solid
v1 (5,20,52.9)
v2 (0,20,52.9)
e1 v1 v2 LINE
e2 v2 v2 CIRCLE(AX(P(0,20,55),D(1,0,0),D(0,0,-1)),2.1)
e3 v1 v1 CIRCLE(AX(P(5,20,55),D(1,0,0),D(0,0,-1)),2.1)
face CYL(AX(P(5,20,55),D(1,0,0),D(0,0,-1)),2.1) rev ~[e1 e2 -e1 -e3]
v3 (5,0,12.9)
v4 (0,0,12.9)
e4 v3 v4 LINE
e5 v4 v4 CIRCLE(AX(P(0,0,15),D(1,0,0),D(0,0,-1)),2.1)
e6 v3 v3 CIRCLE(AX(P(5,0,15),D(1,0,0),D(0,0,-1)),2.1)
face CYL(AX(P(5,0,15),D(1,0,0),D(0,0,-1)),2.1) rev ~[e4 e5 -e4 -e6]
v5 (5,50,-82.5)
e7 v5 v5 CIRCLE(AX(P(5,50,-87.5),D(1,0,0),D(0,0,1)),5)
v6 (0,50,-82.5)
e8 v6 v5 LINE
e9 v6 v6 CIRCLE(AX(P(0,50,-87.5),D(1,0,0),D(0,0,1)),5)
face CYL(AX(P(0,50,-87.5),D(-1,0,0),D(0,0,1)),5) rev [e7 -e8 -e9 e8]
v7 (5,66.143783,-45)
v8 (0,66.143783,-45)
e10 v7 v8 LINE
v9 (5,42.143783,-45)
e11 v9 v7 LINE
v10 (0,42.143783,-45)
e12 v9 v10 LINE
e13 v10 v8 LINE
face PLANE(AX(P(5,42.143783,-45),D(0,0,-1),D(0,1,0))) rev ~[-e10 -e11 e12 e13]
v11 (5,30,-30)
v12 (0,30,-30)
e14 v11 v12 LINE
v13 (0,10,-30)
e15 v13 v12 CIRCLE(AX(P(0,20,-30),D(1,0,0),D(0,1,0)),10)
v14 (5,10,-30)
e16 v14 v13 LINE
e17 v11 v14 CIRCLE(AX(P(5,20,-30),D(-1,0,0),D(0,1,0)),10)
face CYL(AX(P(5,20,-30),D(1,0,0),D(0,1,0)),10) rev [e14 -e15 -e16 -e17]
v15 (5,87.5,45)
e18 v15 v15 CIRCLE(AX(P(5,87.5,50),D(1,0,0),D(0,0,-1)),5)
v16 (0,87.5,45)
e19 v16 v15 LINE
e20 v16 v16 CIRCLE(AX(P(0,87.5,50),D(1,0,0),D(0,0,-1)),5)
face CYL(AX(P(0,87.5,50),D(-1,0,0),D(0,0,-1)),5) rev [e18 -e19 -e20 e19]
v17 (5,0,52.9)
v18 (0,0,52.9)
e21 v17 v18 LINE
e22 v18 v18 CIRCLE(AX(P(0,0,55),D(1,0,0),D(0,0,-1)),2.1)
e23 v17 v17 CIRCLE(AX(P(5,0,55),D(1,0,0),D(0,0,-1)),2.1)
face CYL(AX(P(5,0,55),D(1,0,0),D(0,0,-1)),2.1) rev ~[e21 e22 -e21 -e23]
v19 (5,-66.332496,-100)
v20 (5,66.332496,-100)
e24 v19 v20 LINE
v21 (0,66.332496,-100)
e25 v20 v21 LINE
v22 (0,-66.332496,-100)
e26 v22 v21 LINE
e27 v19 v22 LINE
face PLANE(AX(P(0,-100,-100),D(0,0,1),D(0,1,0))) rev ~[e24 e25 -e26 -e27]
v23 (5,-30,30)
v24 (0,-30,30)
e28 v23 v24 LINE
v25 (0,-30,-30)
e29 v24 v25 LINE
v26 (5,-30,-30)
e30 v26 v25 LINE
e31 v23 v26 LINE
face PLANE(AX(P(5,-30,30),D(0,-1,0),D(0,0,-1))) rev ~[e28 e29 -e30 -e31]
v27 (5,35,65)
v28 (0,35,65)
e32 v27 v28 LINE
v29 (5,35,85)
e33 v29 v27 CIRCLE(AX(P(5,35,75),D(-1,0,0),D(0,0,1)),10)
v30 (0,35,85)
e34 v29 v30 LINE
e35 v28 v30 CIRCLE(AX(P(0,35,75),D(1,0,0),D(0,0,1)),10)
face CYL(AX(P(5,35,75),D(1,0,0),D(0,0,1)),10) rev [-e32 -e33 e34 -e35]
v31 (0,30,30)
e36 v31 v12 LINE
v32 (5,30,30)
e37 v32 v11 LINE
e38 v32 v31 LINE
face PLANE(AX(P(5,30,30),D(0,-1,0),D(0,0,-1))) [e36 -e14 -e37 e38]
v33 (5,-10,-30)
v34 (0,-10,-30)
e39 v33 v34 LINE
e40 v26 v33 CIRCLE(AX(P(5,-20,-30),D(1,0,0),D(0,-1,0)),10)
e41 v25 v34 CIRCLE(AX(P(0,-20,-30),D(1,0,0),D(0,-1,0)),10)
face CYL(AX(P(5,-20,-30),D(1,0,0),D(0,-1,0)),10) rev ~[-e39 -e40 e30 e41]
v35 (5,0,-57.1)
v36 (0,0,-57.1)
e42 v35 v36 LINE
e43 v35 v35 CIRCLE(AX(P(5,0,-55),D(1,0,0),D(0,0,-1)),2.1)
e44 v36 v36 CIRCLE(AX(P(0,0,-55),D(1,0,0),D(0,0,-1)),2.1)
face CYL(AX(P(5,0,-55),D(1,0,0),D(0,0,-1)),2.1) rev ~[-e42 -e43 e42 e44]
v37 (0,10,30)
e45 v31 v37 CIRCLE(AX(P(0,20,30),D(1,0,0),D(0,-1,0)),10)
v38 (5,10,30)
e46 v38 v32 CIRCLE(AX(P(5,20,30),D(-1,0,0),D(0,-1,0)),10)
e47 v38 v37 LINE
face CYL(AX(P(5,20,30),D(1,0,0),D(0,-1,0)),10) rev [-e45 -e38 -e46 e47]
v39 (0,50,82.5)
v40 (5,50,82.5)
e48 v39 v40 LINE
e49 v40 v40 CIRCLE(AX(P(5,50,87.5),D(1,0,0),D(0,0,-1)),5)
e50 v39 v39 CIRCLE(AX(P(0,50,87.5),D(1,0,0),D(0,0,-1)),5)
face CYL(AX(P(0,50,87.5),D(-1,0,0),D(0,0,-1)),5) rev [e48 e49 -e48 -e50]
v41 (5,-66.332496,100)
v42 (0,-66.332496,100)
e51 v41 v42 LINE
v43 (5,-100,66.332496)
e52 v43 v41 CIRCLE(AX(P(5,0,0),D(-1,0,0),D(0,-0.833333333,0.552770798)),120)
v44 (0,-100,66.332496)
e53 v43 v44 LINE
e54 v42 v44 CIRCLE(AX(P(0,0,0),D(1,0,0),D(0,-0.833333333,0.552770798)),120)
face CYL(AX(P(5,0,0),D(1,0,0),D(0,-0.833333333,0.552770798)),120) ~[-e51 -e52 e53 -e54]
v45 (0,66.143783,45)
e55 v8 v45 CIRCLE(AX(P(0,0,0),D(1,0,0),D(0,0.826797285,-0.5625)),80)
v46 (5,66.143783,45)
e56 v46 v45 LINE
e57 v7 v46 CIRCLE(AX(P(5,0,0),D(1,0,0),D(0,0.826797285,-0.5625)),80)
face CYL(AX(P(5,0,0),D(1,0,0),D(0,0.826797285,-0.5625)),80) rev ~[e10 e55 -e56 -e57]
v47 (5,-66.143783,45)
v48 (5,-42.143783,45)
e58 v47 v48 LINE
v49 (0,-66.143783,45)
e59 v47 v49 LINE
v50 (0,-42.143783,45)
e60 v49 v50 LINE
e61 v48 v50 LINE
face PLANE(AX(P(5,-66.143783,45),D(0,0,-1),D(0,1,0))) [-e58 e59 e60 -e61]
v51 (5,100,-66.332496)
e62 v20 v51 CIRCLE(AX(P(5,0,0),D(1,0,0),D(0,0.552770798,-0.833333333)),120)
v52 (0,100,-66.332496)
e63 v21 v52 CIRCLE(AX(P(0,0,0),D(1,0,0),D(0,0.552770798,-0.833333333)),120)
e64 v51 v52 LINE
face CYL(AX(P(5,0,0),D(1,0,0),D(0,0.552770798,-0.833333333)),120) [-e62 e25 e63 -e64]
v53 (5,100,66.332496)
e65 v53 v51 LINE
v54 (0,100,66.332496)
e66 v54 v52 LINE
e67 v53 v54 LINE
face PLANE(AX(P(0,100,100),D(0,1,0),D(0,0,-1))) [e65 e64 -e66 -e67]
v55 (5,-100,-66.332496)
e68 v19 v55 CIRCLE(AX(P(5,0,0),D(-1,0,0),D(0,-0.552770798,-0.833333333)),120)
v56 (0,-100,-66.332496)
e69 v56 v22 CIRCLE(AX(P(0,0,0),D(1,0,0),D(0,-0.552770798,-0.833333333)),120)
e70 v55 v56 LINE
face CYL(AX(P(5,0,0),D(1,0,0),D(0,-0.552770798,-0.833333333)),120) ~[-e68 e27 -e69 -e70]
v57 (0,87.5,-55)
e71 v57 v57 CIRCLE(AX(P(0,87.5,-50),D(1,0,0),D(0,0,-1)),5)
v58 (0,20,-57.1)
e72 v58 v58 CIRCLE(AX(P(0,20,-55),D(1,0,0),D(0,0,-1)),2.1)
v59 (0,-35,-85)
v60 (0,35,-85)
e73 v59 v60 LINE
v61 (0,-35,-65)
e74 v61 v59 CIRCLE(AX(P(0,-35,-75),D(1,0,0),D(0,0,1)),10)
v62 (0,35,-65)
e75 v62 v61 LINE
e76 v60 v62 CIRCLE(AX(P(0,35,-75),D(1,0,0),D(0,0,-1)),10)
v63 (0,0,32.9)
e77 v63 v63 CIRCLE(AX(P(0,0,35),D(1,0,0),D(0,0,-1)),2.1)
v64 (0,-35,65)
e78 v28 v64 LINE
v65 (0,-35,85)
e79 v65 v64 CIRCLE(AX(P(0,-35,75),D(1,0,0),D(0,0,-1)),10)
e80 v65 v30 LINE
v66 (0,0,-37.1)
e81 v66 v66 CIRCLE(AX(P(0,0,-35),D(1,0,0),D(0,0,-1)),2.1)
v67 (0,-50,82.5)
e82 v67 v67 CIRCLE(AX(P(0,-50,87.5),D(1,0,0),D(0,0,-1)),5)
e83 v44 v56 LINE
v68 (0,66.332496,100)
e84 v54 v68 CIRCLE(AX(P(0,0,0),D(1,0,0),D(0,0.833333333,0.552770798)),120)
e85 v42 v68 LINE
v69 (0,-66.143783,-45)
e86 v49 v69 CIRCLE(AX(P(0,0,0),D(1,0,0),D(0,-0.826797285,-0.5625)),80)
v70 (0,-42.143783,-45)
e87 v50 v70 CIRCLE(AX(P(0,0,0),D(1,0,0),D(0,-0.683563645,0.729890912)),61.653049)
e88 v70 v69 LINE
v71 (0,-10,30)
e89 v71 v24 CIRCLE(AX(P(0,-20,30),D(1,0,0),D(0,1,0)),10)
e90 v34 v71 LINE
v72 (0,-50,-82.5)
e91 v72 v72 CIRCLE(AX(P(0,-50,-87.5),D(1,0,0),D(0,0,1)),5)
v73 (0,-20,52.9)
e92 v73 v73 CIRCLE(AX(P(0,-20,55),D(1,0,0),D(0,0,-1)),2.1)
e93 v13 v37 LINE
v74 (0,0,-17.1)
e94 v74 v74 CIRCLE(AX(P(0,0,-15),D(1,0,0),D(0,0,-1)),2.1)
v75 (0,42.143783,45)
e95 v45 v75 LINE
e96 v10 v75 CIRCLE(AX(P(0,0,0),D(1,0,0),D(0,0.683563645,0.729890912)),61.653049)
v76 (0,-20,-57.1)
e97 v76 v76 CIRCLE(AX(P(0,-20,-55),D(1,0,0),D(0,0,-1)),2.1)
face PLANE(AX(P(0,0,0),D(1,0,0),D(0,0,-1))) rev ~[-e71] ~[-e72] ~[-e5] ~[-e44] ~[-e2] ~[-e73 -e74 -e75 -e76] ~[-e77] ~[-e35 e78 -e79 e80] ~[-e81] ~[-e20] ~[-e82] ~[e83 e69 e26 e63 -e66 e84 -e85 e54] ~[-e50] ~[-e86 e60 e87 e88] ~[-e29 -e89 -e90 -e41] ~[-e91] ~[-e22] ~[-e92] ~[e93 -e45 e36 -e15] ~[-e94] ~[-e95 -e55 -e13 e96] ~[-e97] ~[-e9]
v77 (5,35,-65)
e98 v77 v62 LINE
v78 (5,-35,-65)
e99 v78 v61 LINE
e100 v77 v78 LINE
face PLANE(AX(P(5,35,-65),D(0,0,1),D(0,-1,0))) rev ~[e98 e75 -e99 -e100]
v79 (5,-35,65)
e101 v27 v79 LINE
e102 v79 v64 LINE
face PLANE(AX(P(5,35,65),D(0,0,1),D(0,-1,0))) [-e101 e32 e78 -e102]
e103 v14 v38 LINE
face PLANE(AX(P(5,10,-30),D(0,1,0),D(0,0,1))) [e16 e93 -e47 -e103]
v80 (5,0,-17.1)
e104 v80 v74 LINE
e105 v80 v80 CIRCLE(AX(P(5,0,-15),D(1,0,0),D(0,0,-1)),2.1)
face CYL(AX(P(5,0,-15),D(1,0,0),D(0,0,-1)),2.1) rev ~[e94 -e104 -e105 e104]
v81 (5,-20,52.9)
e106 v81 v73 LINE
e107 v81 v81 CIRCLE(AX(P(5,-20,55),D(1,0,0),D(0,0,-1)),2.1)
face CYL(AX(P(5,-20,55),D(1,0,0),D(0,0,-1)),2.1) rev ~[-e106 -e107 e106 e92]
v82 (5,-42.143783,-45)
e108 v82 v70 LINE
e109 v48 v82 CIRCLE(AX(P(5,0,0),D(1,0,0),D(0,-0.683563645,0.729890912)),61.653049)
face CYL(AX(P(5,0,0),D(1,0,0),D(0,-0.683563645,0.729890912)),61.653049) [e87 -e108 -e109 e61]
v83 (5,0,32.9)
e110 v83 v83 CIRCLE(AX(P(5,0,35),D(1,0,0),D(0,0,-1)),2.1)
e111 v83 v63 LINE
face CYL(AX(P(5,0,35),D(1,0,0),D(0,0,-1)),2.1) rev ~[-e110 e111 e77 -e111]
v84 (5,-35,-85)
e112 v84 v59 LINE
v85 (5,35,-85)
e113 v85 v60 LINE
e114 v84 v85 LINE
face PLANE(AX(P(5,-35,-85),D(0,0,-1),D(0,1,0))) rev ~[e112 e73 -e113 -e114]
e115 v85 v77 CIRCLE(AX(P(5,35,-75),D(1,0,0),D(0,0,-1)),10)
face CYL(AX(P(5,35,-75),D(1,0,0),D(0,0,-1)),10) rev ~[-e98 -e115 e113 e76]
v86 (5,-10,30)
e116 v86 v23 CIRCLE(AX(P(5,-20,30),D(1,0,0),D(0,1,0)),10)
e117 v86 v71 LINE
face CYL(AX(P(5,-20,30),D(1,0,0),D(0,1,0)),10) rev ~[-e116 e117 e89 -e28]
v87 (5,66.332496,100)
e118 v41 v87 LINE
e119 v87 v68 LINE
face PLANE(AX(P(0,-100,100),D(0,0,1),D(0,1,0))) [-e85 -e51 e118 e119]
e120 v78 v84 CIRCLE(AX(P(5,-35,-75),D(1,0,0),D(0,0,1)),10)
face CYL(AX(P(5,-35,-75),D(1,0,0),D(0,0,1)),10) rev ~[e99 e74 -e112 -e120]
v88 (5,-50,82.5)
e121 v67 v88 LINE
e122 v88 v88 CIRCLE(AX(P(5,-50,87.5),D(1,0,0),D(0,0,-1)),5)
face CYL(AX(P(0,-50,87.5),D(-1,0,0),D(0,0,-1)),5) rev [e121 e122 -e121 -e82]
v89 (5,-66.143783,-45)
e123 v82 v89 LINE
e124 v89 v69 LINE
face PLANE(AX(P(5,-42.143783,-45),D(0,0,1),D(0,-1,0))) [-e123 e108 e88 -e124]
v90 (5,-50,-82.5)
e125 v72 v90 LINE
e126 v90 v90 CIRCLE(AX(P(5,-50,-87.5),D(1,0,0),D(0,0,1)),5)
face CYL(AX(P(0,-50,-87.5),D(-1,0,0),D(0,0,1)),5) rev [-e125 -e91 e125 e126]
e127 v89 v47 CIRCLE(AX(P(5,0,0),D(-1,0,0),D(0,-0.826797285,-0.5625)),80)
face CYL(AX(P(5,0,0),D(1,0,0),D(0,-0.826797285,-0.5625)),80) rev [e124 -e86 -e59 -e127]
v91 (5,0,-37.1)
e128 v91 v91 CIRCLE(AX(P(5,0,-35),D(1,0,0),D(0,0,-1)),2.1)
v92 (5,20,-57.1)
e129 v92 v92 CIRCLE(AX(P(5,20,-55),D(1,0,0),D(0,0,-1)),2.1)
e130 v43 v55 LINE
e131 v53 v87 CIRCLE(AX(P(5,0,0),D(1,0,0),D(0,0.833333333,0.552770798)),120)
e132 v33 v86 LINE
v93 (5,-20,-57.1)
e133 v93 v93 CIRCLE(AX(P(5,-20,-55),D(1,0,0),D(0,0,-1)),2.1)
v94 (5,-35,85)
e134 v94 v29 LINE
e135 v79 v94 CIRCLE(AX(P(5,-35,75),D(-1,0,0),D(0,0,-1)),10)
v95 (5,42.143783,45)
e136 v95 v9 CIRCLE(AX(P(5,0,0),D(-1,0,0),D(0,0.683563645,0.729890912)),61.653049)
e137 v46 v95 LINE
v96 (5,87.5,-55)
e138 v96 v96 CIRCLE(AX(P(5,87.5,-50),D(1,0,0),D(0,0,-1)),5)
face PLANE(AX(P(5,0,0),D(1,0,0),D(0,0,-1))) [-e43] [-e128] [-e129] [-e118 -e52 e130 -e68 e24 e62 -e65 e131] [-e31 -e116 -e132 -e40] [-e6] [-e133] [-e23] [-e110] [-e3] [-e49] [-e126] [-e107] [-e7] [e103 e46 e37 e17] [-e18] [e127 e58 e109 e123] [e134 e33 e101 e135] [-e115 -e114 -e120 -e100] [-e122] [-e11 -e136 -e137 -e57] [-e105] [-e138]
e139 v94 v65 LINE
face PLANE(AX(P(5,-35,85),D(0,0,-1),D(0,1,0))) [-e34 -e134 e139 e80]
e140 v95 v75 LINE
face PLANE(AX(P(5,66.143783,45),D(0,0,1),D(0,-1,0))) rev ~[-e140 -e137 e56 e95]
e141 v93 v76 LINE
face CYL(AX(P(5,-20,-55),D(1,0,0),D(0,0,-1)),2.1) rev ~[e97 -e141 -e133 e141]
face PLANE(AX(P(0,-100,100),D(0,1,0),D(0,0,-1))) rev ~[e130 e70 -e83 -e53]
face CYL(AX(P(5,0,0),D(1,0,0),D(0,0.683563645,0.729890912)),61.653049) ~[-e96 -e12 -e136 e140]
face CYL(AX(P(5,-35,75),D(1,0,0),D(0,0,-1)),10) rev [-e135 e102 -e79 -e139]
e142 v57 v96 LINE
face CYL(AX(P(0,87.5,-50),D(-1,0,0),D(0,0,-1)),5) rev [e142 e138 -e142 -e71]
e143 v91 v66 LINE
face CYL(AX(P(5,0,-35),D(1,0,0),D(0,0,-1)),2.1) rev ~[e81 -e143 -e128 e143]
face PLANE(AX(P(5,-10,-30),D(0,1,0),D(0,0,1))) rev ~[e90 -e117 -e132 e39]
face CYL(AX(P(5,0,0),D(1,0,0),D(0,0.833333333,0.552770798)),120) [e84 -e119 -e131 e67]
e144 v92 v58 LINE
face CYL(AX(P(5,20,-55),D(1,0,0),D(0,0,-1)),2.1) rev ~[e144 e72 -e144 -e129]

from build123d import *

# Parameters (mm, degrees)
SKETCH_1_W          = 200
SKETCH_1_H          = 200
SKETCH_1_R          = 5
EXTRUDE_1_DEPTH     = 5
SKETCH_3_R          = 2.1
CUT_EXTRUDE_2_DEPTH = 142.509716981


with BuildPart() as part:
    # 草图1 → 凸台-拉伸1 (new body)
    with BuildSketch(Plane(origin=(0, 0, 0), x_dir=(0, 0, -1), z_dir=(1, 0, 0))):
        Rectangle(SKETCH_1_W, SKETCH_1_H)
        with Locations((-50, 87.5)):
            Circle(SKETCH_1_R, mode=Mode.SUBTRACT)
        with Locations((50, 87.5)):
            Circle(SKETCH_1_R, mode=Mode.SUBTRACT)
        with Locations((-87.5, 50)):
            Circle(SKETCH_1_R, mode=Mode.SUBTRACT)
        with Locations((-87.5, -50)):
            Circle(SKETCH_1_R, mode=Mode.SUBTRACT)
        with Locations(Location((87.5, -50, 0), (0, 0, 180))):
            Circle(SKETCH_1_R, mode=Mode.SUBTRACT)
        with Locations(Location((87.5, 50, 0), (0, 0, 180))):
            Circle(SKETCH_1_R, mode=Mode.SUBTRACT)
    extrude(amount=EXTRUDE_1_DEPTH)

    # 草图3 → 切除-拉伸2 (cut, through all)
    with BuildSketch(Plane(origin=(5, 0, 0), x_dir=(0, 0, -1), z_dir=(1, 0, 0))):
        with Locations((-55, 20)):
            Circle(SKETCH_3_R)
        with Locations((-55, 0)):
            Circle(SKETCH_3_R)
        with Locations((-55, -20)):
            Circle(SKETCH_3_R)
        with Locations((55, 0)):
            Circle(SKETCH_3_R)
        with Locations((55, 20)):
            Circle(SKETCH_3_R)
        with Locations((55, -20)):
            Circle(SKETCH_3_R)
        with Locations((-35, 0)):
            Circle(SKETCH_3_R)
        with Locations((-15, 0)):
            Circle(SKETCH_3_R)
        with Locations((35, 0)):
            Circle(SKETCH_3_R)
        with Locations((15, 0)):
            Circle(SKETCH_3_R)
        with BuildLine():
            Line((-45, 66.143782777), (-45, 42.143782777))
            ThreePointArc((-45, 42.143782777), (0, 61.653048803), (45, 42.143782777))
            Line((45, 42.143782777), (45, 66.143782777))
            ThreePointArc((45, 66.143782777), (0, 80), (-45, 66.143782777))
        make_face()
        with BuildLine():
            Line((-45, -66.143782777), (-45, -42.143782777))
            ThreePointArc((-45, -42.143782777), (0, -61.653048803), (45, -42.143782777))
            Line((45, -42.143782777), (45, -66.143782777))
            ThreePointArc((45, -66.143782777), (0, -80), (-45, -66.143782777))
        make_face()
        with BuildLine():
            Line((-100, -66.332495807), (-100, -100))
            Line((-100, -100), (-66.332495807, -100))
            ThreePointArc((-66.332495807, -100), (-84.852813742, -84.852813742), (-100, -66.332495807))
        make_face()
        with BuildLine():
            Line((66.332495807, -100), (100, -100))
            Line((100, -100), (100, -66.332495807))
            ThreePointArc((100, -66.332495807), (84.852813742, -84.852813742), (66.332495807, -100))
        make_face()
        with BuildLine():
            Line((66.332495807, 100), (100, 100))
            Line((100, 100), (100, 66.332495807))
            ThreePointArc((100, 66.332495807), (84.852813742, 84.852813742), (66.332495807, 100))
        make_face()
        with BuildLine():
            Line((-100, 66.332495807), (-100, 100))
            Line((-100, 100), (-66.332495807, 100))
            ThreePointArc((-66.332495807, 100), (-84.852813742, 84.852813742), (-100, 66.332495807))
        make_face()
        with BuildLine():
            Line((-65, 35), (-65, -35))
            ThreePointArc((-65, -35), (-75, -45), (-85, -35))
            Line((-85, -35), (-85, 35))
            ThreePointArc((-85, 35), (-75, 45), (-65, 35))
        make_face()
        with BuildLine():
            Line((65, 35), (65, -35))
            ThreePointArc((65, -35), (75, -45), (85, -35))
            Line((85, -35), (85, 35))
            ThreePointArc((85, 35), (75, 45), (65, 35))
        make_face()
        with BuildLine():
            Line((-30, 30), (30, 30))
            ThreePointArc((30, 30), (40, 20), (30, 10))
            Line((30, 10), (-30, 10))
            ThreePointArc((-30, 10), (-40, 20), (-30, 30))
        make_face()
        with BuildLine():
            Line((-30, -30), (30, -30))
            ThreePointArc((30, -30), (40, -20), (30, -10))
            Line((30, -10), (-30, -10))
            ThreePointArc((-30, -10), (-40, -20), (-30, -30))
        make_face()
    extrude(amount=-CUT_EXTRUDE_2_DEPTH, mode=Mode.SUBTRACT)


solid = part.part
